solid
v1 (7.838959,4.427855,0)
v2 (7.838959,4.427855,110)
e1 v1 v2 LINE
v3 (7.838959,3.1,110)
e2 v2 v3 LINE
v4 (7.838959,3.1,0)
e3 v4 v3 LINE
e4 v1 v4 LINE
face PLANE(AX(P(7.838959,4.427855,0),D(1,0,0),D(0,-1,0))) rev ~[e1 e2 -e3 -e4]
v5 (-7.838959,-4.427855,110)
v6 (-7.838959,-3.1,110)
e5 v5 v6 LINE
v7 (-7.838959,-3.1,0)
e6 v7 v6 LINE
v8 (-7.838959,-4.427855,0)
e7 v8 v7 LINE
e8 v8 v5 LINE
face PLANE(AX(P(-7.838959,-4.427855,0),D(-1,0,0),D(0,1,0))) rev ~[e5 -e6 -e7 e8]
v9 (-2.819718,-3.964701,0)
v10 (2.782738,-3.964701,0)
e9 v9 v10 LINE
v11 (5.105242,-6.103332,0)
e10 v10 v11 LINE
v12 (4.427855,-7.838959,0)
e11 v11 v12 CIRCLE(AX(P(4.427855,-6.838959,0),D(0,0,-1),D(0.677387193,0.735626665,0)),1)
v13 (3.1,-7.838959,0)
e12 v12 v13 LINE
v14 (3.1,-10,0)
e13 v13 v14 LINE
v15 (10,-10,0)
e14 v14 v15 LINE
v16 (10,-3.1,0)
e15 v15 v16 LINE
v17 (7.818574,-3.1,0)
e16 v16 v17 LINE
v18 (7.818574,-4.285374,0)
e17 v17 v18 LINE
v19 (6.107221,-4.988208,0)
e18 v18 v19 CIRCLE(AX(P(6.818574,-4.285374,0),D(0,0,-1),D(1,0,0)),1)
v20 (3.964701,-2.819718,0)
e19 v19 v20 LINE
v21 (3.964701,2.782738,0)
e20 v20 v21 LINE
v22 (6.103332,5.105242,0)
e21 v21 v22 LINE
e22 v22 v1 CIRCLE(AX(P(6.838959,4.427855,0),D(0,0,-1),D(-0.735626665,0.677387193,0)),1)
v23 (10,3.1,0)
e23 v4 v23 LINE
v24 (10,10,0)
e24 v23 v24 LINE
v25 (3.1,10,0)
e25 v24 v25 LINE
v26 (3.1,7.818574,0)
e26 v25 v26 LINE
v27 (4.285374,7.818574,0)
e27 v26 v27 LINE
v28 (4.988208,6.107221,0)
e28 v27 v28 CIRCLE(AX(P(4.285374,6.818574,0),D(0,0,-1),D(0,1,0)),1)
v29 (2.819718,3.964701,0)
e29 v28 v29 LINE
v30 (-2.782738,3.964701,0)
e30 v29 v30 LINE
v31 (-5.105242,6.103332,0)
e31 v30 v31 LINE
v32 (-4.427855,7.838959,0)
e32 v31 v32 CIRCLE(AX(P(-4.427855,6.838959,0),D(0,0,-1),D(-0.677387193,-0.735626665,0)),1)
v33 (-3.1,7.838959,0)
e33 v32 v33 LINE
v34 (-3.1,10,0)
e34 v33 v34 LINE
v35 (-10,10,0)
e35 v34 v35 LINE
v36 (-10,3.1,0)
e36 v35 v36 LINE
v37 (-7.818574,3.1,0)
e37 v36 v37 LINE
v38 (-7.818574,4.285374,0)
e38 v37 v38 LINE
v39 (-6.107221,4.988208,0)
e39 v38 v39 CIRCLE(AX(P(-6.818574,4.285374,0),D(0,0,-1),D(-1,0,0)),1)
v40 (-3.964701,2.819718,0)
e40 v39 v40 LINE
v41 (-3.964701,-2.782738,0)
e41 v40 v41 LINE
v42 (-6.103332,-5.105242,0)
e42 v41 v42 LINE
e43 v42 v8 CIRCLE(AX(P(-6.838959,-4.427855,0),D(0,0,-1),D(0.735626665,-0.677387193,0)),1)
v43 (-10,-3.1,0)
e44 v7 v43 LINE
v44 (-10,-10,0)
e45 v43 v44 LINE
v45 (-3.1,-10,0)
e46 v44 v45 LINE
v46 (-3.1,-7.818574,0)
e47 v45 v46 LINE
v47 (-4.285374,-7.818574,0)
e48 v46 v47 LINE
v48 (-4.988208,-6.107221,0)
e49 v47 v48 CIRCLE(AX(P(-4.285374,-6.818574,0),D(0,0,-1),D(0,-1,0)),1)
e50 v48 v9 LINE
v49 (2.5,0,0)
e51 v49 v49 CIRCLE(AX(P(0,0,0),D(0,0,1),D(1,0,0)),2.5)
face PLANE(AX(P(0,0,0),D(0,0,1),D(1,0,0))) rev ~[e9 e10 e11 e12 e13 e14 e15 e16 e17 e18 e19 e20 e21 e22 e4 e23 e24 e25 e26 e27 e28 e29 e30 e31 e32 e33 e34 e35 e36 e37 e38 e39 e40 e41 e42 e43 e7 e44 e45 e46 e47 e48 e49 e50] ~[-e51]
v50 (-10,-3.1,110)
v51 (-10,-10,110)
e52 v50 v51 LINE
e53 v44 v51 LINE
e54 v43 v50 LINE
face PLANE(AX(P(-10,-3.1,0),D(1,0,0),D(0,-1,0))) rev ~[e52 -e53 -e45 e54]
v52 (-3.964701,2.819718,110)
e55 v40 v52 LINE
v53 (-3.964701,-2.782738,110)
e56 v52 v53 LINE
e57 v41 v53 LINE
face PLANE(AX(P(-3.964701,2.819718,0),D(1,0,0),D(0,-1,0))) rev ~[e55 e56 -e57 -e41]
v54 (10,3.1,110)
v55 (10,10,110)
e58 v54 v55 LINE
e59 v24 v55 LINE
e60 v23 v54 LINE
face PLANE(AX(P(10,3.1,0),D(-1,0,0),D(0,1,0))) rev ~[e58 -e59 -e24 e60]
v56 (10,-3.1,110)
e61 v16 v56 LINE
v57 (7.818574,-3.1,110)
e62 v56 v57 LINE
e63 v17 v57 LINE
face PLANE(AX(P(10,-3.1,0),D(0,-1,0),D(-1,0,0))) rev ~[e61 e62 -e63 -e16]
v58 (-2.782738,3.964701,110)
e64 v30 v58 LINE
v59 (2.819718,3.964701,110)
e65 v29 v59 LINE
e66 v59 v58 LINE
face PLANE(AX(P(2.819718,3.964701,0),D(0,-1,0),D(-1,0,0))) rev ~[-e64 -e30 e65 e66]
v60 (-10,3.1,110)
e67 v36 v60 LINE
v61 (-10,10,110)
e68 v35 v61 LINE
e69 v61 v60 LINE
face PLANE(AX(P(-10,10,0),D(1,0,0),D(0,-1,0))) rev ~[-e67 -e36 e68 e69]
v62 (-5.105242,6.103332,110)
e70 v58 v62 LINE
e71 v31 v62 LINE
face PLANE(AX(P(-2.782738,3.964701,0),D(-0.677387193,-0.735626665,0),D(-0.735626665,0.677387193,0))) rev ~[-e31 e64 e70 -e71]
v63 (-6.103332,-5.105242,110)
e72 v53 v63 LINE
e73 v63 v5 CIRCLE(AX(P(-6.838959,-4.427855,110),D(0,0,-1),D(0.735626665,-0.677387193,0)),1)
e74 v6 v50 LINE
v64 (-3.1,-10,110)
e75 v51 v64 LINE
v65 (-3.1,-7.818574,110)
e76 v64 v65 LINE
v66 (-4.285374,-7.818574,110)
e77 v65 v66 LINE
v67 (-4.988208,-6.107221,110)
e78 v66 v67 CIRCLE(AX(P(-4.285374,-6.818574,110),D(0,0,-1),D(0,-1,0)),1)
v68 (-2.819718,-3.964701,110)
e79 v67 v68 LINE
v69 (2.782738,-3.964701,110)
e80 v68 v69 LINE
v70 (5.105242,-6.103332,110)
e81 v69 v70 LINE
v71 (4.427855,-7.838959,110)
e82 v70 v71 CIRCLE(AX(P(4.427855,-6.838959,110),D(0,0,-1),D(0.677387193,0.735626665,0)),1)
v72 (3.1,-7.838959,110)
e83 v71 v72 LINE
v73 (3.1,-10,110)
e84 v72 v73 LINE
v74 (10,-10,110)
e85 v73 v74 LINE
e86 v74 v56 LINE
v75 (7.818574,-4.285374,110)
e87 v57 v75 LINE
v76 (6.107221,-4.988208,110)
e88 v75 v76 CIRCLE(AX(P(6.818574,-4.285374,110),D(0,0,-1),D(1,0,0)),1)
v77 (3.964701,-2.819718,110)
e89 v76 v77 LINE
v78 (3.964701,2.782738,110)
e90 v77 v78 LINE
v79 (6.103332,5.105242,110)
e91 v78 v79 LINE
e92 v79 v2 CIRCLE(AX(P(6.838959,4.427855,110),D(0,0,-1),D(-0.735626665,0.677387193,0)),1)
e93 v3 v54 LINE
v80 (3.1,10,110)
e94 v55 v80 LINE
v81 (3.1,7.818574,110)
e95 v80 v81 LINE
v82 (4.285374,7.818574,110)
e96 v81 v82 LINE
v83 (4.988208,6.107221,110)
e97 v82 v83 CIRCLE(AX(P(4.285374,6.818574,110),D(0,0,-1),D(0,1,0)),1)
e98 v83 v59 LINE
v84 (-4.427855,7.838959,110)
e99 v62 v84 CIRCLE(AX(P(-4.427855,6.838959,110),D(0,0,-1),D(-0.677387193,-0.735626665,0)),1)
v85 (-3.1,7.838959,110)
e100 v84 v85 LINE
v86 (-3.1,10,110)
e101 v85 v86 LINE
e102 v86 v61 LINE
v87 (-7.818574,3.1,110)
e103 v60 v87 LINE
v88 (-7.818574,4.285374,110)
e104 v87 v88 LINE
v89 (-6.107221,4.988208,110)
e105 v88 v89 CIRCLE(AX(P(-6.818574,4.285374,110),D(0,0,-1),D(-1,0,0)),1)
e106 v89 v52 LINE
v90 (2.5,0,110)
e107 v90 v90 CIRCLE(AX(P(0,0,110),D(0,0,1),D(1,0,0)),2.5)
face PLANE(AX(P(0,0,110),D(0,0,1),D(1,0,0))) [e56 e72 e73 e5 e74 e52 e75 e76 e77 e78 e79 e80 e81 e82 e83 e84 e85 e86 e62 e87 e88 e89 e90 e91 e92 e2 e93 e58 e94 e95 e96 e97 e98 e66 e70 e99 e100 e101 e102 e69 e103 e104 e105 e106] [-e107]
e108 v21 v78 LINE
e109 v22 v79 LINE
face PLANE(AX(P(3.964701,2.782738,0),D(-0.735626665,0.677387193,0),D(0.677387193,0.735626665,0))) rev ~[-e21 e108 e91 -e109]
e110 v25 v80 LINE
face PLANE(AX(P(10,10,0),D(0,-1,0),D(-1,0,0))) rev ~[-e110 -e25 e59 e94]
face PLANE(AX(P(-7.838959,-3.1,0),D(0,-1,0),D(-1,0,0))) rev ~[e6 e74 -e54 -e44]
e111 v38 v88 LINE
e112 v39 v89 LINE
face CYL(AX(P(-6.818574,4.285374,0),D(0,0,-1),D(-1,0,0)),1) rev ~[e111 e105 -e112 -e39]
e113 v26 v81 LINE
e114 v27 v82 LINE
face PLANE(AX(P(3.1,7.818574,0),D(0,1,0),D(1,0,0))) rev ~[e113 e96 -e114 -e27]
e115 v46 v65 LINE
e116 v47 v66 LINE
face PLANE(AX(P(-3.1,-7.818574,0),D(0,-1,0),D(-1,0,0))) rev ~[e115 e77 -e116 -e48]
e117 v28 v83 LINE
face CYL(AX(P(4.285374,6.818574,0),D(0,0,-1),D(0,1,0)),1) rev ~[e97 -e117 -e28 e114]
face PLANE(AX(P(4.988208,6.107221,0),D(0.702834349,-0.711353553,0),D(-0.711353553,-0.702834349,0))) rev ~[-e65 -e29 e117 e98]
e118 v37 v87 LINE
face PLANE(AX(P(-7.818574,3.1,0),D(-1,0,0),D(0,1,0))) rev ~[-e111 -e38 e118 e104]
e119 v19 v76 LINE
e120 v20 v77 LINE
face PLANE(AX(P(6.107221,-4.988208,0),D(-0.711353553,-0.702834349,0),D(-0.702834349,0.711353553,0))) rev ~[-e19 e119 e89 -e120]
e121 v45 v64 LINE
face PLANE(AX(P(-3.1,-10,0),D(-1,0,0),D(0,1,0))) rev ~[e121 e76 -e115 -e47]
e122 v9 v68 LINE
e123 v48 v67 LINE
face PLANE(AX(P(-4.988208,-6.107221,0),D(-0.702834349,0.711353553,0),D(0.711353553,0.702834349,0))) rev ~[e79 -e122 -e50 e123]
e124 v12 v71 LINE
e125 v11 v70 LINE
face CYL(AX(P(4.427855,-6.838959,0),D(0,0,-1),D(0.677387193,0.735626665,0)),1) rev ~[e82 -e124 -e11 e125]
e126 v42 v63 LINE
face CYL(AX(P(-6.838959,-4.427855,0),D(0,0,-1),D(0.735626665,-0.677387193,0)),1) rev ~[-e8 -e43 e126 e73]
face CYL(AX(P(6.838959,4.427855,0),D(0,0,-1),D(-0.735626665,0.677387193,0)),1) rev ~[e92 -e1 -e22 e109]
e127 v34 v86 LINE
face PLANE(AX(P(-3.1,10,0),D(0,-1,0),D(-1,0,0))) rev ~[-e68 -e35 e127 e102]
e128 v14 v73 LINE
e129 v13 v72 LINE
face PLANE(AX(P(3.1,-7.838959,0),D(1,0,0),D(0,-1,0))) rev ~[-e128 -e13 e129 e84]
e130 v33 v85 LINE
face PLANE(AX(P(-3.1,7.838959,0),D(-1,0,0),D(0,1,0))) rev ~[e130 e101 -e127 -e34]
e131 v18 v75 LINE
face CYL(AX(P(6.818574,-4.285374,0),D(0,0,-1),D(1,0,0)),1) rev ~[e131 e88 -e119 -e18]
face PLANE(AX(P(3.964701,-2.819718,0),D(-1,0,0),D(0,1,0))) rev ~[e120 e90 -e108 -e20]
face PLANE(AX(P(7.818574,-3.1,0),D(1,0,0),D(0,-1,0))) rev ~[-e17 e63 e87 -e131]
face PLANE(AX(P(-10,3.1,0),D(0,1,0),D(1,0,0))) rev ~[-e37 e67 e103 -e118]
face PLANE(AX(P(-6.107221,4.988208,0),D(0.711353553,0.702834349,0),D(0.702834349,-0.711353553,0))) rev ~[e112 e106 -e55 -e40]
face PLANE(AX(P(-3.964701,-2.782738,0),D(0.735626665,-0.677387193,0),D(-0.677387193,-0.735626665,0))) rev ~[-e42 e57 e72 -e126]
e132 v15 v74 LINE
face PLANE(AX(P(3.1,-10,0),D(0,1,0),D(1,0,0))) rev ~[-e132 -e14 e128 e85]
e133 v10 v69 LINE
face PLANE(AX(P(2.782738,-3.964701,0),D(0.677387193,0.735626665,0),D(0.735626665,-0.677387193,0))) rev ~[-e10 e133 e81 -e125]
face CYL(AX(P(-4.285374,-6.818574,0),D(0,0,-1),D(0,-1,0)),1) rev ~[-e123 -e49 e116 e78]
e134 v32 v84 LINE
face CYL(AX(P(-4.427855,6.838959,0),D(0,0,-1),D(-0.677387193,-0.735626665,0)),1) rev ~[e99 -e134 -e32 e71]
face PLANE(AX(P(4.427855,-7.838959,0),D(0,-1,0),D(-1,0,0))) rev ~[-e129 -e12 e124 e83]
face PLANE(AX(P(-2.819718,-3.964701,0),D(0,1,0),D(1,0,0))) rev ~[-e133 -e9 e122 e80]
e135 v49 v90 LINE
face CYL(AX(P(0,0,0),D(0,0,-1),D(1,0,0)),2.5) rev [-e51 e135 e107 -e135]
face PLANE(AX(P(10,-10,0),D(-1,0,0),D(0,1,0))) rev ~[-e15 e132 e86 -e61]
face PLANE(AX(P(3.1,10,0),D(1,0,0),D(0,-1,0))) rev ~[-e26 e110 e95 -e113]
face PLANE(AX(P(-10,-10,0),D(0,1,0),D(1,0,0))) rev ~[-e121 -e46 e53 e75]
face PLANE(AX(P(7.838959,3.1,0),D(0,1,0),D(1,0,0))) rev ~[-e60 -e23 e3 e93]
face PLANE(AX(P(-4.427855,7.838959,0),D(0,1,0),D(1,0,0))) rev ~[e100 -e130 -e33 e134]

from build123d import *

# Parameters (mm, degrees)
SKETCH2_R           = 2.5
BOSS_EXTRUDE1_DEPTH = 110


with BuildPart() as part:
    # Sketch2 → Boss-Extrude1 (new body)
    with BuildSketch(Plane.XY):
        with BuildLine():
            Line((-10, -10), (-3.1, -10))
            Line((-3.1, -10), (-3.1, -7.81857447))
            Line((-3.1, -7.81857447), (-4.285374034, -7.81857447))
            ThreePointArc((-4.285374034, -7.81857447), (-5.210402021, -7.198473435), (-4.988208383, -6.107220917))
            Line((-4.988208383, -6.107220917), (-2.819718275, -3.96470075))
            Line((-2.819718275, -3.96470075), (0, -3.96470075))
            Line((0, -3.96470075), (2.782738033, -3.96470075))
            Line((2.782738033, -3.96470075), (5.105242131, -6.103332486))
            ThreePointArc((5.105242131, -6.103332486), (5.359419929, -7.202533996), (4.427854938, -7.838959152))
            Line((4.427854938, -7.838959152), (3.1, -7.838959152))
            Line((3.1, -7.838959152), (3.1, -10))
            Line((3.1, -10), (10, -10))
            Line((10, -10), (10, -3.1))
            Line((10, -3.1), (7.81857447, -3.1))
            Line((7.81857447, -3.1), (7.81857447, -4.285374034))
            ThreePointArc((7.81857447, -4.285374034), (7.198473435, -5.210402021), (6.107220917, -4.988208383))
            Line((6.107220917, -4.988208383), (3.96470075, -2.819718275))
            Line((3.96470075, -2.819718275), (3.96470075, 0))
            Line((3.96470075, 0), (3.96470075, 2.782738033))
            Line((3.96470075, 2.782738033), (6.103332486, 5.105242131))
            ThreePointArc((6.103332486, 5.105242131), (7.202533996, 5.359419929), (7.838959152, 4.427854938))
            Line((7.838959152, 4.427854938), (7.838959152, 3.1))
            Line((7.838959152, 3.1), (10, 3.1))
            Line((10, 3.1), (10, 10))
            Line((10, 10), (3.1, 10))
            Line((3.1, 10), (3.1, 7.81857447))
            Line((3.1, 7.81857447), (4.285374034, 7.81857447))
            ThreePointArc((4.285374034, 7.81857447), (5.210402021, 7.198473435), (4.988208383, 6.107220917))
            Line((4.988208383, 6.107220917), (2.819718275, 3.96470075))
            Line((2.819718275, 3.96470075), (0, 3.96470075))
            Line((0, 3.96470075), (-2.782738033, 3.96470075))
            Line((-2.782738033, 3.96470075), (-5.105242131, 6.103332486))
            ThreePointArc((-5.105242131, 6.103332486), (-5.359419929, 7.202533996), (-4.427854938, 7.838959152))
            Line((-4.427854938, 7.838959152), (-3.1, 7.838959152))
            Line((-3.1, 7.838959152), (-3.1, 10))
            Line((-3.1, 10), (-10, 10))
            Line((-10, 10), (-10, 3.1))
            Line((-10, 3.1), (-7.81857447, 3.1))
            Line((-7.81857447, 3.1), (-7.81857447, 4.285374034))
            ThreePointArc((-7.81857447, 4.285374034), (-7.198473435, 5.210402021), (-6.107220917, 4.988208383))
            Line((-6.107220917, 4.988208383), (-3.96470075, 2.819718275))
            Line((-3.96470075, 2.819718275), (-3.96470075, 0))
            Line((-3.96470075, 0), (-3.96470075, -2.782738033))
            Line((-3.96470075, -2.782738033), (-6.103332486, -5.105242131))
            ThreePointArc((-6.103332486, -5.105242131), (-7.202533996, -5.359419929), (-7.838959152, -4.427854938))
            Line((-7.838959152, -4.427854938), (-7.838959152, -3.1))
            Line((-7.838959152, -3.1), (-10, -3.1))
            Line((-10, -3.1), (-10, -10))
        make_face()
        Circle(SKETCH2_R, mode=Mode.SUBTRACT)
    extrude(amount=BOSS_EXTRUDE1_DEPTH)


solid = part.part
